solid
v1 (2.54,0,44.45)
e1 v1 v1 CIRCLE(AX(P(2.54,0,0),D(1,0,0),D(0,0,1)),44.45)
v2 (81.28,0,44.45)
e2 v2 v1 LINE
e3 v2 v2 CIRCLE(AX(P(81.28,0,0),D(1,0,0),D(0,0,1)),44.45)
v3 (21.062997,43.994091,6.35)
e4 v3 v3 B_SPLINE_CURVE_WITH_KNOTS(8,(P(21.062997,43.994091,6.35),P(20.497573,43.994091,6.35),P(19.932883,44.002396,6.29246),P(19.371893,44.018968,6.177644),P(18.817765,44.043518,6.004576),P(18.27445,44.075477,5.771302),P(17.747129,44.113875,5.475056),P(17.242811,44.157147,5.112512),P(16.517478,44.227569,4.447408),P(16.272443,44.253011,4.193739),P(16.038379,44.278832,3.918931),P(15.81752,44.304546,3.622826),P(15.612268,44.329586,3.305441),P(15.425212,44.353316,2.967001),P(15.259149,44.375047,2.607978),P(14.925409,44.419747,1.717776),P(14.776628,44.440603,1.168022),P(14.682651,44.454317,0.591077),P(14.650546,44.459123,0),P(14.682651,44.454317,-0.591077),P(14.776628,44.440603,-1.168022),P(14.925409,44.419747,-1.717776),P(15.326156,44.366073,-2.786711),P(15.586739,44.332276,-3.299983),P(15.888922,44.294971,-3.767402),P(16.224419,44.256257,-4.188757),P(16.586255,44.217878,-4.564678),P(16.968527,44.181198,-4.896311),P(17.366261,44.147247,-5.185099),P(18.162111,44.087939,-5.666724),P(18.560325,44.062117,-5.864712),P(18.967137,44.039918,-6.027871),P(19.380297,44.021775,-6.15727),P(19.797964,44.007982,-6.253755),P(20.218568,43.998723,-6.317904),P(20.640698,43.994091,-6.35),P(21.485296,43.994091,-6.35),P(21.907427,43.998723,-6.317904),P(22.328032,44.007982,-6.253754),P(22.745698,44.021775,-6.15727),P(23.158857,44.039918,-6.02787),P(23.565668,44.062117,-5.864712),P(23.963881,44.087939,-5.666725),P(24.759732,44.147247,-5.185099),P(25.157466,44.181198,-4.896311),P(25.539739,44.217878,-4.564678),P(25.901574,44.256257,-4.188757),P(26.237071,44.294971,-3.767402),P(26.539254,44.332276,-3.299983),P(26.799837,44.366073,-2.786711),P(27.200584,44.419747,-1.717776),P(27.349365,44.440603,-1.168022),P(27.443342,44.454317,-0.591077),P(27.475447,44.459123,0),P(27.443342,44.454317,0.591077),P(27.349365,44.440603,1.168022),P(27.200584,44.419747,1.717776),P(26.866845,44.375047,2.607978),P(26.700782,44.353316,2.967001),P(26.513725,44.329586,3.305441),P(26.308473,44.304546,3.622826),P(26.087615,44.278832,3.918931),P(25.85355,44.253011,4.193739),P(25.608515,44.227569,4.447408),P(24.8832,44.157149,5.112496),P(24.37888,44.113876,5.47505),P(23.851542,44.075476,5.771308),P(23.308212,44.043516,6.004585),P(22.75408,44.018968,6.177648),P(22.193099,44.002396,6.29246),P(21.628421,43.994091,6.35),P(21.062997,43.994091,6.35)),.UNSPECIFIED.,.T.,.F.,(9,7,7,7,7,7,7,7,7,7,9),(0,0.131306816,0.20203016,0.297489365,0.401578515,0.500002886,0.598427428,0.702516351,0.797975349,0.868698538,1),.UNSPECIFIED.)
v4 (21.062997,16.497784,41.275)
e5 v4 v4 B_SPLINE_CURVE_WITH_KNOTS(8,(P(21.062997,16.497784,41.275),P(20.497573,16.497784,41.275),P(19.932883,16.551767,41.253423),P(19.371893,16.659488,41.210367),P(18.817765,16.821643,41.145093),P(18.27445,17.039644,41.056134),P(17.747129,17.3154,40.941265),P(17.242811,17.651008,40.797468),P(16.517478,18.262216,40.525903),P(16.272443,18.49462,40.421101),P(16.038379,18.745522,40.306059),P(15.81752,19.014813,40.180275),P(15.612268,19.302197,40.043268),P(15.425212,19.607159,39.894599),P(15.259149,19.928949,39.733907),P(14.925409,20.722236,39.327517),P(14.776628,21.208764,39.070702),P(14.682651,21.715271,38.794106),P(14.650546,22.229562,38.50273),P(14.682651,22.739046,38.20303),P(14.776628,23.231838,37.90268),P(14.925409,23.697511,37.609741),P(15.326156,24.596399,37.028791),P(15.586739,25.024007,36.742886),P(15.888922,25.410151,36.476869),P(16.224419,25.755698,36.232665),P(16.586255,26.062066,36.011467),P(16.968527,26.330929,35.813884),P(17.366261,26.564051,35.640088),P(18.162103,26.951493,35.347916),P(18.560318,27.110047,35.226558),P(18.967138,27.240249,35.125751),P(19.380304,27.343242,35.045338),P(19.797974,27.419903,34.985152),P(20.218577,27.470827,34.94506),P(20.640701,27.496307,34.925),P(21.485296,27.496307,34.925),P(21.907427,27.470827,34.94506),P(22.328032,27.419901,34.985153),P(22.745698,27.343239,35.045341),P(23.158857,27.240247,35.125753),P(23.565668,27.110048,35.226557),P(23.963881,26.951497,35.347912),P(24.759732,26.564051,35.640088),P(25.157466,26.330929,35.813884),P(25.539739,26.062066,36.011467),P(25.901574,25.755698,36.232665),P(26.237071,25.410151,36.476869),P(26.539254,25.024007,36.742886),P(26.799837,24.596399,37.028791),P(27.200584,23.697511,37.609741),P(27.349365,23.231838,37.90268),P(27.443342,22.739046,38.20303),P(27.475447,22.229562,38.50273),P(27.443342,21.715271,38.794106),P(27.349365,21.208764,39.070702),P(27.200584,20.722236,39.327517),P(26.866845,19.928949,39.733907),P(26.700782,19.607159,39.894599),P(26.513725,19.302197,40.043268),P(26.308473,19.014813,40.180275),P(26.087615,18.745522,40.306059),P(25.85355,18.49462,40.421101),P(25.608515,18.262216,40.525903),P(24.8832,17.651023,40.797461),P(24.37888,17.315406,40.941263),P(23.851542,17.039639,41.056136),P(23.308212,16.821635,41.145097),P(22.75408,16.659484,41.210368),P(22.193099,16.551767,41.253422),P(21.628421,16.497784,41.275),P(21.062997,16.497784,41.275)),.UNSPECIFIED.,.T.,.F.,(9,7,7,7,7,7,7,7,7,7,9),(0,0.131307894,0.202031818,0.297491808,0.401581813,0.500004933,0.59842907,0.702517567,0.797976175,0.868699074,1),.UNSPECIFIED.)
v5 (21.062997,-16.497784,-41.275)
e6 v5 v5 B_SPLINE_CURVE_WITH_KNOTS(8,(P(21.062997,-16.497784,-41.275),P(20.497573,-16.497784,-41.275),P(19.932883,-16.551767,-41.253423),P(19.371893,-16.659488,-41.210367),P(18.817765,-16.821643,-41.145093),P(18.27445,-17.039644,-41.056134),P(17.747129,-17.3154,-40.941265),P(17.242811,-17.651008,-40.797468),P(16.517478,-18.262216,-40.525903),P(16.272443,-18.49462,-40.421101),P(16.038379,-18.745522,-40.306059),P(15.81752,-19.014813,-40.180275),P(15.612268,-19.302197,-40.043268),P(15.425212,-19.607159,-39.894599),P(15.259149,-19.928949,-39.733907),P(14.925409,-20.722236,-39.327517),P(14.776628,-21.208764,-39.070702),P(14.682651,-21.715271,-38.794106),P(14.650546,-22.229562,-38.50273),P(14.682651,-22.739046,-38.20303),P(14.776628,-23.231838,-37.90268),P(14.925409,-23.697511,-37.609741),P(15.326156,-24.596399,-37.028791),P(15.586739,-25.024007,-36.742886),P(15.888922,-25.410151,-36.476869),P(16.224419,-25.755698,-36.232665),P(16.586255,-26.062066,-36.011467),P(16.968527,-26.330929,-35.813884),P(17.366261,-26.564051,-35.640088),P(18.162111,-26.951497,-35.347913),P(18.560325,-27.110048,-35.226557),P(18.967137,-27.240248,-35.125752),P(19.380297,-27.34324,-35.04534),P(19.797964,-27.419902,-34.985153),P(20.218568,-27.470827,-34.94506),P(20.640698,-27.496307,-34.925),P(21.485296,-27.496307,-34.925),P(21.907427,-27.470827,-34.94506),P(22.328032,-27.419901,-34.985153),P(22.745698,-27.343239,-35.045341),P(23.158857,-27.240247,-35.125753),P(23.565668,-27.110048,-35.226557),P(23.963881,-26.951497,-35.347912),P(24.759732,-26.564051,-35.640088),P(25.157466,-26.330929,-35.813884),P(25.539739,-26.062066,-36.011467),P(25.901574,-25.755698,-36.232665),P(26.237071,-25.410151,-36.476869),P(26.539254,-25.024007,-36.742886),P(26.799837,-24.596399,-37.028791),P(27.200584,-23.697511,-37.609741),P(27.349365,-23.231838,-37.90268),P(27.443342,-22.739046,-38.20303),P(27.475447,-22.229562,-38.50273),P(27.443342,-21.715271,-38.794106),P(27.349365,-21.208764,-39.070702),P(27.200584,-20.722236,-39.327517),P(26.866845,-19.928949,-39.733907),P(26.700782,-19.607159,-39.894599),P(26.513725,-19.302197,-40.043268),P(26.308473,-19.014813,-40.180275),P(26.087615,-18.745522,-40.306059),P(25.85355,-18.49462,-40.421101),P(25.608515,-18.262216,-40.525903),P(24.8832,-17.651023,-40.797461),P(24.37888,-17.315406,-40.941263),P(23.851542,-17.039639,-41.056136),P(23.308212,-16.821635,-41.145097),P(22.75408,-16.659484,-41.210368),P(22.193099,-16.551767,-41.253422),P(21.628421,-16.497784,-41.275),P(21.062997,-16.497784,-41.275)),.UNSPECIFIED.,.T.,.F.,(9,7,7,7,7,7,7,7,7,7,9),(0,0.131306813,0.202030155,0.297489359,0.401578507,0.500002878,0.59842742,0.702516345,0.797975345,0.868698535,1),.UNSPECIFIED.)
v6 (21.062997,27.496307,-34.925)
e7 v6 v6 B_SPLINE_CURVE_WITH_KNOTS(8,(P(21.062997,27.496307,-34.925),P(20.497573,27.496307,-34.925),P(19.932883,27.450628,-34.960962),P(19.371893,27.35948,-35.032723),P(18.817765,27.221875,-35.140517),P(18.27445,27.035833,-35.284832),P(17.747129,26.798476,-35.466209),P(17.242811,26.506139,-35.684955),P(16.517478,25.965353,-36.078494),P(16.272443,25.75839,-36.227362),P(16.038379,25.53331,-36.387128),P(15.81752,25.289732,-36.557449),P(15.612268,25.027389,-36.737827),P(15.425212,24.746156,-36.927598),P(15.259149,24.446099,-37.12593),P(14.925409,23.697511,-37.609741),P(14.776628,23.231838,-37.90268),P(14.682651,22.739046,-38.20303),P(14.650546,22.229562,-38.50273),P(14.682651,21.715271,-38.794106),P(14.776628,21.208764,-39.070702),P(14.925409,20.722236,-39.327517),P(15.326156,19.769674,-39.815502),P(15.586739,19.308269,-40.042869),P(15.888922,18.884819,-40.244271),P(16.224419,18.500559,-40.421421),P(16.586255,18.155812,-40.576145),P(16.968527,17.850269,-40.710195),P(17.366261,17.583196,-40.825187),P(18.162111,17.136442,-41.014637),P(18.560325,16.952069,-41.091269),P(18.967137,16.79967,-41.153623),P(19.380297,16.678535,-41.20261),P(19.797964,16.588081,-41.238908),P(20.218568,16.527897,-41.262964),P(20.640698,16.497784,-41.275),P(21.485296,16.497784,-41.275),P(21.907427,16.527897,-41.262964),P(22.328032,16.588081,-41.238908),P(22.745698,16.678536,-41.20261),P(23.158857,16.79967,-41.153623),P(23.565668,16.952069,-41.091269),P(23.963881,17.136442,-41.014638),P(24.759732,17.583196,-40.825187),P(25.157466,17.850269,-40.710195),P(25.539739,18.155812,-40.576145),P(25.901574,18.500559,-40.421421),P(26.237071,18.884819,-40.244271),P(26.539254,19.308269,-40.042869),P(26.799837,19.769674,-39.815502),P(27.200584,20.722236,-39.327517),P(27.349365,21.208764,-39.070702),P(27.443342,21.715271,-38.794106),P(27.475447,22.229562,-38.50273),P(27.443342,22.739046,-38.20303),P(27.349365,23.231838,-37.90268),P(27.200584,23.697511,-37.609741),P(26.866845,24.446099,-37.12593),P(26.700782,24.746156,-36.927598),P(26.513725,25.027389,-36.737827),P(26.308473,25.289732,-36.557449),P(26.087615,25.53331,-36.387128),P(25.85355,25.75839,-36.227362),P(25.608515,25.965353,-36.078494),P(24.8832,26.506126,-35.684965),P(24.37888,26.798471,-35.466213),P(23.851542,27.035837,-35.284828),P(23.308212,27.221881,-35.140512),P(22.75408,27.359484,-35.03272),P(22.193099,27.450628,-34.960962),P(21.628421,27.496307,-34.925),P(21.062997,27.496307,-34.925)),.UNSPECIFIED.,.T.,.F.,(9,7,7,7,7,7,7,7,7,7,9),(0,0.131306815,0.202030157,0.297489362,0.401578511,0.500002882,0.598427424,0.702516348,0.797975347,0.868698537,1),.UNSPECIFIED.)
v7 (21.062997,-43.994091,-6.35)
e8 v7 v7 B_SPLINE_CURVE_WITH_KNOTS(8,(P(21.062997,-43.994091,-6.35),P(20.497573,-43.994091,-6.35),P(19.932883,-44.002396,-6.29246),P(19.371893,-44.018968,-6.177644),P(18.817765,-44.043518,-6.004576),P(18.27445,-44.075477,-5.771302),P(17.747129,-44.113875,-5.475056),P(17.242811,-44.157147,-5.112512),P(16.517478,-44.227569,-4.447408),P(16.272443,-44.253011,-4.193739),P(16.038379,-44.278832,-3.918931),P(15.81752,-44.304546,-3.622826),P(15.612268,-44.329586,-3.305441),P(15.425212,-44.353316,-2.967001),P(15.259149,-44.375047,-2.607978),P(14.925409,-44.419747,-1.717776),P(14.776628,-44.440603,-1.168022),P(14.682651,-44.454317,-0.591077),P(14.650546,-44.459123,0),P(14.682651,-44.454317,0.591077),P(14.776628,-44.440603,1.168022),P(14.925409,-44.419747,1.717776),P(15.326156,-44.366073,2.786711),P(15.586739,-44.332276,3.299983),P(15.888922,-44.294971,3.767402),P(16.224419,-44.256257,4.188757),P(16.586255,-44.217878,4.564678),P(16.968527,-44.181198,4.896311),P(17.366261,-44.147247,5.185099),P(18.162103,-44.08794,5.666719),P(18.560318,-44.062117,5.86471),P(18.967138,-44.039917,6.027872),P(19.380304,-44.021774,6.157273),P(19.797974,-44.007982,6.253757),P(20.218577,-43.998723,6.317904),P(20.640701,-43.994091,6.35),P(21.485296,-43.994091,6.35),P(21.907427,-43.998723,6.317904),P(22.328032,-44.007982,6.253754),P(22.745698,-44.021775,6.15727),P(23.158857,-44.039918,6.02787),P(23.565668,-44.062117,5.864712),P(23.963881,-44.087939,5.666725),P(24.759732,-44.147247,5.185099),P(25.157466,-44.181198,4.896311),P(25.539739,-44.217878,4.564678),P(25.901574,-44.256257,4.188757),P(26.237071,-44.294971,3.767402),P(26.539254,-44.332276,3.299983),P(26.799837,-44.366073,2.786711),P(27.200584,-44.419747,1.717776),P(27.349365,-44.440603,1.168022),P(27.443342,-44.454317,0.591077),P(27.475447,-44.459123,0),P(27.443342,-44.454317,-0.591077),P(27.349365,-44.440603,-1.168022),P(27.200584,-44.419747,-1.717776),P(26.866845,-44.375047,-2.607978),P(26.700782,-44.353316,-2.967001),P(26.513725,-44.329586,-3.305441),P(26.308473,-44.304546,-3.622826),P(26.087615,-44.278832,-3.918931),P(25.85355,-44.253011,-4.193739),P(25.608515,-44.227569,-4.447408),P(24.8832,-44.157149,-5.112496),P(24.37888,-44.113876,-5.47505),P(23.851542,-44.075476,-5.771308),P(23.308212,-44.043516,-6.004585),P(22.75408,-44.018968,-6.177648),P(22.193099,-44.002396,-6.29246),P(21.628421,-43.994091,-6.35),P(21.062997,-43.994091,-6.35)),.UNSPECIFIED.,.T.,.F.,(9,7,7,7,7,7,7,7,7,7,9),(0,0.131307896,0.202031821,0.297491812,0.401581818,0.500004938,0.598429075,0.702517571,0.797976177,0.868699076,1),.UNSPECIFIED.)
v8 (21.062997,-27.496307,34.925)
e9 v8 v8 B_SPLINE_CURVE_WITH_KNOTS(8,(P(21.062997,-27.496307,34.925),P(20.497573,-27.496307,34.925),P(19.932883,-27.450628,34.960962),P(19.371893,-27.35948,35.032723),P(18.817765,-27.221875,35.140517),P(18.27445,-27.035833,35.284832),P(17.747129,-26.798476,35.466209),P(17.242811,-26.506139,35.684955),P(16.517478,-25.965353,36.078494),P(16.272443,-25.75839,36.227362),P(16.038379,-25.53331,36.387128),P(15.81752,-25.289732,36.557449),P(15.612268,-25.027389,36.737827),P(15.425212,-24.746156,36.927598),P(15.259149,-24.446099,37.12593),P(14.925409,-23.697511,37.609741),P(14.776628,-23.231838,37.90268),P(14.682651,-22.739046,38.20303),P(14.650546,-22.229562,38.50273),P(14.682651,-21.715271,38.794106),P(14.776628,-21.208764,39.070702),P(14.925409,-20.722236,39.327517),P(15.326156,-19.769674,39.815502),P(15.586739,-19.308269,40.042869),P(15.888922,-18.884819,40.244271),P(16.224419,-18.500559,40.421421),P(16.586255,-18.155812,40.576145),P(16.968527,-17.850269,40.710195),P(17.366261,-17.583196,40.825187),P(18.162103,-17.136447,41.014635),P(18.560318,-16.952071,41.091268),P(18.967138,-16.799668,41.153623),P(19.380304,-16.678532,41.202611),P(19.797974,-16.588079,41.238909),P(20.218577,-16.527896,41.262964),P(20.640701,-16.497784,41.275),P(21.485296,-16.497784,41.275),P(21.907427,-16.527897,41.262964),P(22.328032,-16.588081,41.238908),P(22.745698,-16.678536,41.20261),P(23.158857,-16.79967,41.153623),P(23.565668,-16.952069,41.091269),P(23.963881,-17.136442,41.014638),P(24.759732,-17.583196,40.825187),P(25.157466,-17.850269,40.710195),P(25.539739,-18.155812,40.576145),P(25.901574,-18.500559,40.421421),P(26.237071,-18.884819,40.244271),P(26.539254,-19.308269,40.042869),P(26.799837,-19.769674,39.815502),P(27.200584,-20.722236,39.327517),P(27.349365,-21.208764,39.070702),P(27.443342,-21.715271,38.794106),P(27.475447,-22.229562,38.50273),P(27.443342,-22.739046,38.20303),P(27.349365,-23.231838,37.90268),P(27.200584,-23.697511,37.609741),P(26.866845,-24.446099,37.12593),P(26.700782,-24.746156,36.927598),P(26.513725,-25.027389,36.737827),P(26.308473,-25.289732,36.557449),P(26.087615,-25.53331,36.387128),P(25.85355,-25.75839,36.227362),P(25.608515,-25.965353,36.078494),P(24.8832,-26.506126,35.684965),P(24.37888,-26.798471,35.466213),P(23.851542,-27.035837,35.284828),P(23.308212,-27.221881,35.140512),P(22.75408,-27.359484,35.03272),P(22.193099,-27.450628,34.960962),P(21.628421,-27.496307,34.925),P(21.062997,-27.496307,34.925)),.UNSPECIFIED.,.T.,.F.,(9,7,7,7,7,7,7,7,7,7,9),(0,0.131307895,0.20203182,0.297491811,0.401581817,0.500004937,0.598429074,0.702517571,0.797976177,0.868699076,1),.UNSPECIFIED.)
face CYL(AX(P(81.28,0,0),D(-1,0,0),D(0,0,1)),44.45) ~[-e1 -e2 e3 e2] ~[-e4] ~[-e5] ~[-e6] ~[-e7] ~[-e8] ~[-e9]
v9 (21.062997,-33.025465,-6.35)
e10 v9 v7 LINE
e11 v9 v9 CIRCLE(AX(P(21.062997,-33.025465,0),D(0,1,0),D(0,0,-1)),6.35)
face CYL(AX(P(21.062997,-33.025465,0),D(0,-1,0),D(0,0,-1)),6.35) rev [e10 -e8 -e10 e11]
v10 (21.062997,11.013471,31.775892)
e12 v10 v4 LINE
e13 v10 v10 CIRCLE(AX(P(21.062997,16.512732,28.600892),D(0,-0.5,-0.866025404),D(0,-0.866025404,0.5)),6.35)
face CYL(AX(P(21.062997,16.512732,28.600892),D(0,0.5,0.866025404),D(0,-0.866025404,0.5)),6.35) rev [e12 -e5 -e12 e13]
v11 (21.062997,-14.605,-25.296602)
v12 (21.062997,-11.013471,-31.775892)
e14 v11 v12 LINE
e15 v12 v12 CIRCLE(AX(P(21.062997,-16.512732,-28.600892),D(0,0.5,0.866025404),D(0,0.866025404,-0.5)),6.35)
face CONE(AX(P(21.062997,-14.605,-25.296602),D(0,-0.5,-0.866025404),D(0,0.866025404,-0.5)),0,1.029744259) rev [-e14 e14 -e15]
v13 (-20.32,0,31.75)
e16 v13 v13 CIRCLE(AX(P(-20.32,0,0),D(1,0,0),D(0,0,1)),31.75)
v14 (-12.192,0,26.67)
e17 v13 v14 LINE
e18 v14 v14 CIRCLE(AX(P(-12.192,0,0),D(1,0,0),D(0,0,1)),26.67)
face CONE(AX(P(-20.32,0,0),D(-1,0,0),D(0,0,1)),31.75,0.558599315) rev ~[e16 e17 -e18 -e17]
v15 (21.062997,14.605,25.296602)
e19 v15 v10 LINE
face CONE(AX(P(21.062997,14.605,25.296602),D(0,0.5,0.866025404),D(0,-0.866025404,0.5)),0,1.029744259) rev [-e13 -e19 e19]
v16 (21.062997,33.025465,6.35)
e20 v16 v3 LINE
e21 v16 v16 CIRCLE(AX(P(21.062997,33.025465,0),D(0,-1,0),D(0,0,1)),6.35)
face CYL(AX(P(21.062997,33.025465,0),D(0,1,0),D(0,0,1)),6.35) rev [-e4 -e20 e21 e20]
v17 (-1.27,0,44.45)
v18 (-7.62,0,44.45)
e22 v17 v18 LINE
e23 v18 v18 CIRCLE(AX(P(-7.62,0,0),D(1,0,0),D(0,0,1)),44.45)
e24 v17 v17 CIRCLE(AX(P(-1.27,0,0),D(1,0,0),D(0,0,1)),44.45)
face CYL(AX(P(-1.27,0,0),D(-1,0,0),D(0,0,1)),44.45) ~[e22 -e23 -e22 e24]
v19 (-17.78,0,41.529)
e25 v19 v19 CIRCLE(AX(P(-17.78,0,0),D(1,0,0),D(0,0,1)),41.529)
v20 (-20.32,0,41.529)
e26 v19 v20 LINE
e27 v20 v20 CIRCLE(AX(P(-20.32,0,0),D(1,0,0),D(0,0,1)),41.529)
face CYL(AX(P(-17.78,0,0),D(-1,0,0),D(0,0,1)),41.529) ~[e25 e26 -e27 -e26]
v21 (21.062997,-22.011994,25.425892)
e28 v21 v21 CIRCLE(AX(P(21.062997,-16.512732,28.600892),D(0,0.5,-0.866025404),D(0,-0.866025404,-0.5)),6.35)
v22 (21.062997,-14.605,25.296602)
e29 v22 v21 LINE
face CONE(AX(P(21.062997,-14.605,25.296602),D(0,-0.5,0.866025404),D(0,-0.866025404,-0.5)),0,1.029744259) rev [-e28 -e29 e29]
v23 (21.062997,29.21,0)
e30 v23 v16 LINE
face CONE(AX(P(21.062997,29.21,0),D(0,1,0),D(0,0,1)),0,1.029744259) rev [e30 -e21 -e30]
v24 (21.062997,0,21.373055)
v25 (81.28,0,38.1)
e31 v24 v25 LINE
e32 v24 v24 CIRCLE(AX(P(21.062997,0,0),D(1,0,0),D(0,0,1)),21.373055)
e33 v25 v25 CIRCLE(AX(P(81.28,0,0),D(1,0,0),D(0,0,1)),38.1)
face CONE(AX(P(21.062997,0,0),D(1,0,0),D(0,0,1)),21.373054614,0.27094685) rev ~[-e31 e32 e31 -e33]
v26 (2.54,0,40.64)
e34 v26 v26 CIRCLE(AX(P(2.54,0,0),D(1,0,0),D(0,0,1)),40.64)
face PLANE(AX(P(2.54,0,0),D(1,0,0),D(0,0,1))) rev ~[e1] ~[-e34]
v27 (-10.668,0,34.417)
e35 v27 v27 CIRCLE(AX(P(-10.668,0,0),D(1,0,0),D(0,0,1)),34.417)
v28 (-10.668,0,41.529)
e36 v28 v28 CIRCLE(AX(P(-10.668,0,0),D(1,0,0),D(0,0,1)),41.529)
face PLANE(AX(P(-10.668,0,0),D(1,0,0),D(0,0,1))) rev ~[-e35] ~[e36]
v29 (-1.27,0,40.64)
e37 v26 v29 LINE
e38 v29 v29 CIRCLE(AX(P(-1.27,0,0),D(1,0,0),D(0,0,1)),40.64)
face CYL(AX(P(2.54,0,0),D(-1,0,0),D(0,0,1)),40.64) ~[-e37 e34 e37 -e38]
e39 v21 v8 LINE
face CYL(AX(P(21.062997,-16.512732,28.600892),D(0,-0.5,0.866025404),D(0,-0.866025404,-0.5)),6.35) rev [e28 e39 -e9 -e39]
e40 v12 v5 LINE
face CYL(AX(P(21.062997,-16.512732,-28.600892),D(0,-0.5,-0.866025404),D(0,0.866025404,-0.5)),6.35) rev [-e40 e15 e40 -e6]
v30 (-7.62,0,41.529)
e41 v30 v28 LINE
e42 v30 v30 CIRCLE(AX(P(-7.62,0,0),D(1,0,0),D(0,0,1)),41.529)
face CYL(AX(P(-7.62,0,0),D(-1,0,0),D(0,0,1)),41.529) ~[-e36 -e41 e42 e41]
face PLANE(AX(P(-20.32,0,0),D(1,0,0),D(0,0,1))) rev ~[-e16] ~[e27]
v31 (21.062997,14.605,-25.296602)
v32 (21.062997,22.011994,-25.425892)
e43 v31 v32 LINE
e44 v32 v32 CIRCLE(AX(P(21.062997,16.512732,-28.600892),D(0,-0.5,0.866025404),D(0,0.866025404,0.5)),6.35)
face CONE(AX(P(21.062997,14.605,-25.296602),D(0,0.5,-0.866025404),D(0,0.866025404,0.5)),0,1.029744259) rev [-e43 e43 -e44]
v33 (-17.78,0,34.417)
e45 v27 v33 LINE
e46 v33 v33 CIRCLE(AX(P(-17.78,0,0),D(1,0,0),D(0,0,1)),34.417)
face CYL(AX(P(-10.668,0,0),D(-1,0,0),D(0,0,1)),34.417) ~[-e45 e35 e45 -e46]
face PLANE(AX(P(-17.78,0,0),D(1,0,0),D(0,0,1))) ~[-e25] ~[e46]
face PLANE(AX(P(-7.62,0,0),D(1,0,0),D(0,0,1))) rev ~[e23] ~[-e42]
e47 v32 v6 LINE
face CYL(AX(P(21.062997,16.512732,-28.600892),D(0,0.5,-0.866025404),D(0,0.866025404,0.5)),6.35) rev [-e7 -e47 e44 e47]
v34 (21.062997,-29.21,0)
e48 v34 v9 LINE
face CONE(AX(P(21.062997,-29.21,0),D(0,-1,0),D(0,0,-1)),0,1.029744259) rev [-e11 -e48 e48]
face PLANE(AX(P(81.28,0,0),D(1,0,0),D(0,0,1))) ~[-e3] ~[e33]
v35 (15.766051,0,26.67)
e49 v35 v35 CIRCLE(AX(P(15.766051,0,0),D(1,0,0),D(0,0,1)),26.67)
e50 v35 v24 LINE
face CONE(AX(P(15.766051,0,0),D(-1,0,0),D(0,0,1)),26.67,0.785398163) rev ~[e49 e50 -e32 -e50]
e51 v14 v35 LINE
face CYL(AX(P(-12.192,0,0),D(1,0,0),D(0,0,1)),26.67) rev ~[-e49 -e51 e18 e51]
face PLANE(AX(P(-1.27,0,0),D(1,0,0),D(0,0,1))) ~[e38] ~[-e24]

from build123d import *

# Parameters (mm, degrees)
CIRPATTERN1_COUNT = 6


with BuildPart() as part:
    # Sketch2 → Revolve2 (revolve)
    with BuildSketch(Plane.XY, mode=Mode.PRIVATE) as revolve2_sk:
        Polygon((-20.32, 31.75), (-12.192, 26.67), (15.766051224, 26.67), (21.06299661, 21.373054614), (81.28, 38.1), (81.28, 44.45), (2.54, 44.45), (2.54, 40.64), (-1.27, 40.64), (-1.27, 44.45), (-7.62, 44.45), (-7.62, 41.529), (-10.668, 41.529), (-10.668, 34.417), (-17.78, 34.417), (-17.78, 41.529), (-20.32, 41.529), align=None)
    revolve(revolve2_sk.sketch.rotate(Axis((0, 0, 0), (1, 0, 0)), 90), axis=Axis((0, 0, 0), (1, 0, 0)))

    # Sketch4 → 1/2 (0.5) Diameter Hole1 (revolve, cut)
    with BuildSketch(Plane(origin=(21.06299661, 44.45, 0), x_dir=(0, 0, 1), z_dir=(1, 0, 0))):
        Polygon((0, 0), (0, 15.24), (6.35, 11.424535069), (6.35, 0), align=None)
    f_1_2_0_5_diameter_hole1 = revolve(axis=Axis((21.06299661, 50.8, 0), (0, -1, 0)), mode=Mode.SUBTRACT)

    # CirPattern1: 1/2 (0.5) Diameter Hole1 ×6 about axis
    cirpattern1_axis = Axis((0, 0, 0), (1, 0, 0))
    for i in range(1, CIRPATTERN1_COUNT):
        add(f_1_2_0_5_diameter_hole1.rotate(cirpattern1_axis, i * 360 / CIRPATTERN1_COUNT), mode=Mode.SUBTRACT)


solid = part.part
